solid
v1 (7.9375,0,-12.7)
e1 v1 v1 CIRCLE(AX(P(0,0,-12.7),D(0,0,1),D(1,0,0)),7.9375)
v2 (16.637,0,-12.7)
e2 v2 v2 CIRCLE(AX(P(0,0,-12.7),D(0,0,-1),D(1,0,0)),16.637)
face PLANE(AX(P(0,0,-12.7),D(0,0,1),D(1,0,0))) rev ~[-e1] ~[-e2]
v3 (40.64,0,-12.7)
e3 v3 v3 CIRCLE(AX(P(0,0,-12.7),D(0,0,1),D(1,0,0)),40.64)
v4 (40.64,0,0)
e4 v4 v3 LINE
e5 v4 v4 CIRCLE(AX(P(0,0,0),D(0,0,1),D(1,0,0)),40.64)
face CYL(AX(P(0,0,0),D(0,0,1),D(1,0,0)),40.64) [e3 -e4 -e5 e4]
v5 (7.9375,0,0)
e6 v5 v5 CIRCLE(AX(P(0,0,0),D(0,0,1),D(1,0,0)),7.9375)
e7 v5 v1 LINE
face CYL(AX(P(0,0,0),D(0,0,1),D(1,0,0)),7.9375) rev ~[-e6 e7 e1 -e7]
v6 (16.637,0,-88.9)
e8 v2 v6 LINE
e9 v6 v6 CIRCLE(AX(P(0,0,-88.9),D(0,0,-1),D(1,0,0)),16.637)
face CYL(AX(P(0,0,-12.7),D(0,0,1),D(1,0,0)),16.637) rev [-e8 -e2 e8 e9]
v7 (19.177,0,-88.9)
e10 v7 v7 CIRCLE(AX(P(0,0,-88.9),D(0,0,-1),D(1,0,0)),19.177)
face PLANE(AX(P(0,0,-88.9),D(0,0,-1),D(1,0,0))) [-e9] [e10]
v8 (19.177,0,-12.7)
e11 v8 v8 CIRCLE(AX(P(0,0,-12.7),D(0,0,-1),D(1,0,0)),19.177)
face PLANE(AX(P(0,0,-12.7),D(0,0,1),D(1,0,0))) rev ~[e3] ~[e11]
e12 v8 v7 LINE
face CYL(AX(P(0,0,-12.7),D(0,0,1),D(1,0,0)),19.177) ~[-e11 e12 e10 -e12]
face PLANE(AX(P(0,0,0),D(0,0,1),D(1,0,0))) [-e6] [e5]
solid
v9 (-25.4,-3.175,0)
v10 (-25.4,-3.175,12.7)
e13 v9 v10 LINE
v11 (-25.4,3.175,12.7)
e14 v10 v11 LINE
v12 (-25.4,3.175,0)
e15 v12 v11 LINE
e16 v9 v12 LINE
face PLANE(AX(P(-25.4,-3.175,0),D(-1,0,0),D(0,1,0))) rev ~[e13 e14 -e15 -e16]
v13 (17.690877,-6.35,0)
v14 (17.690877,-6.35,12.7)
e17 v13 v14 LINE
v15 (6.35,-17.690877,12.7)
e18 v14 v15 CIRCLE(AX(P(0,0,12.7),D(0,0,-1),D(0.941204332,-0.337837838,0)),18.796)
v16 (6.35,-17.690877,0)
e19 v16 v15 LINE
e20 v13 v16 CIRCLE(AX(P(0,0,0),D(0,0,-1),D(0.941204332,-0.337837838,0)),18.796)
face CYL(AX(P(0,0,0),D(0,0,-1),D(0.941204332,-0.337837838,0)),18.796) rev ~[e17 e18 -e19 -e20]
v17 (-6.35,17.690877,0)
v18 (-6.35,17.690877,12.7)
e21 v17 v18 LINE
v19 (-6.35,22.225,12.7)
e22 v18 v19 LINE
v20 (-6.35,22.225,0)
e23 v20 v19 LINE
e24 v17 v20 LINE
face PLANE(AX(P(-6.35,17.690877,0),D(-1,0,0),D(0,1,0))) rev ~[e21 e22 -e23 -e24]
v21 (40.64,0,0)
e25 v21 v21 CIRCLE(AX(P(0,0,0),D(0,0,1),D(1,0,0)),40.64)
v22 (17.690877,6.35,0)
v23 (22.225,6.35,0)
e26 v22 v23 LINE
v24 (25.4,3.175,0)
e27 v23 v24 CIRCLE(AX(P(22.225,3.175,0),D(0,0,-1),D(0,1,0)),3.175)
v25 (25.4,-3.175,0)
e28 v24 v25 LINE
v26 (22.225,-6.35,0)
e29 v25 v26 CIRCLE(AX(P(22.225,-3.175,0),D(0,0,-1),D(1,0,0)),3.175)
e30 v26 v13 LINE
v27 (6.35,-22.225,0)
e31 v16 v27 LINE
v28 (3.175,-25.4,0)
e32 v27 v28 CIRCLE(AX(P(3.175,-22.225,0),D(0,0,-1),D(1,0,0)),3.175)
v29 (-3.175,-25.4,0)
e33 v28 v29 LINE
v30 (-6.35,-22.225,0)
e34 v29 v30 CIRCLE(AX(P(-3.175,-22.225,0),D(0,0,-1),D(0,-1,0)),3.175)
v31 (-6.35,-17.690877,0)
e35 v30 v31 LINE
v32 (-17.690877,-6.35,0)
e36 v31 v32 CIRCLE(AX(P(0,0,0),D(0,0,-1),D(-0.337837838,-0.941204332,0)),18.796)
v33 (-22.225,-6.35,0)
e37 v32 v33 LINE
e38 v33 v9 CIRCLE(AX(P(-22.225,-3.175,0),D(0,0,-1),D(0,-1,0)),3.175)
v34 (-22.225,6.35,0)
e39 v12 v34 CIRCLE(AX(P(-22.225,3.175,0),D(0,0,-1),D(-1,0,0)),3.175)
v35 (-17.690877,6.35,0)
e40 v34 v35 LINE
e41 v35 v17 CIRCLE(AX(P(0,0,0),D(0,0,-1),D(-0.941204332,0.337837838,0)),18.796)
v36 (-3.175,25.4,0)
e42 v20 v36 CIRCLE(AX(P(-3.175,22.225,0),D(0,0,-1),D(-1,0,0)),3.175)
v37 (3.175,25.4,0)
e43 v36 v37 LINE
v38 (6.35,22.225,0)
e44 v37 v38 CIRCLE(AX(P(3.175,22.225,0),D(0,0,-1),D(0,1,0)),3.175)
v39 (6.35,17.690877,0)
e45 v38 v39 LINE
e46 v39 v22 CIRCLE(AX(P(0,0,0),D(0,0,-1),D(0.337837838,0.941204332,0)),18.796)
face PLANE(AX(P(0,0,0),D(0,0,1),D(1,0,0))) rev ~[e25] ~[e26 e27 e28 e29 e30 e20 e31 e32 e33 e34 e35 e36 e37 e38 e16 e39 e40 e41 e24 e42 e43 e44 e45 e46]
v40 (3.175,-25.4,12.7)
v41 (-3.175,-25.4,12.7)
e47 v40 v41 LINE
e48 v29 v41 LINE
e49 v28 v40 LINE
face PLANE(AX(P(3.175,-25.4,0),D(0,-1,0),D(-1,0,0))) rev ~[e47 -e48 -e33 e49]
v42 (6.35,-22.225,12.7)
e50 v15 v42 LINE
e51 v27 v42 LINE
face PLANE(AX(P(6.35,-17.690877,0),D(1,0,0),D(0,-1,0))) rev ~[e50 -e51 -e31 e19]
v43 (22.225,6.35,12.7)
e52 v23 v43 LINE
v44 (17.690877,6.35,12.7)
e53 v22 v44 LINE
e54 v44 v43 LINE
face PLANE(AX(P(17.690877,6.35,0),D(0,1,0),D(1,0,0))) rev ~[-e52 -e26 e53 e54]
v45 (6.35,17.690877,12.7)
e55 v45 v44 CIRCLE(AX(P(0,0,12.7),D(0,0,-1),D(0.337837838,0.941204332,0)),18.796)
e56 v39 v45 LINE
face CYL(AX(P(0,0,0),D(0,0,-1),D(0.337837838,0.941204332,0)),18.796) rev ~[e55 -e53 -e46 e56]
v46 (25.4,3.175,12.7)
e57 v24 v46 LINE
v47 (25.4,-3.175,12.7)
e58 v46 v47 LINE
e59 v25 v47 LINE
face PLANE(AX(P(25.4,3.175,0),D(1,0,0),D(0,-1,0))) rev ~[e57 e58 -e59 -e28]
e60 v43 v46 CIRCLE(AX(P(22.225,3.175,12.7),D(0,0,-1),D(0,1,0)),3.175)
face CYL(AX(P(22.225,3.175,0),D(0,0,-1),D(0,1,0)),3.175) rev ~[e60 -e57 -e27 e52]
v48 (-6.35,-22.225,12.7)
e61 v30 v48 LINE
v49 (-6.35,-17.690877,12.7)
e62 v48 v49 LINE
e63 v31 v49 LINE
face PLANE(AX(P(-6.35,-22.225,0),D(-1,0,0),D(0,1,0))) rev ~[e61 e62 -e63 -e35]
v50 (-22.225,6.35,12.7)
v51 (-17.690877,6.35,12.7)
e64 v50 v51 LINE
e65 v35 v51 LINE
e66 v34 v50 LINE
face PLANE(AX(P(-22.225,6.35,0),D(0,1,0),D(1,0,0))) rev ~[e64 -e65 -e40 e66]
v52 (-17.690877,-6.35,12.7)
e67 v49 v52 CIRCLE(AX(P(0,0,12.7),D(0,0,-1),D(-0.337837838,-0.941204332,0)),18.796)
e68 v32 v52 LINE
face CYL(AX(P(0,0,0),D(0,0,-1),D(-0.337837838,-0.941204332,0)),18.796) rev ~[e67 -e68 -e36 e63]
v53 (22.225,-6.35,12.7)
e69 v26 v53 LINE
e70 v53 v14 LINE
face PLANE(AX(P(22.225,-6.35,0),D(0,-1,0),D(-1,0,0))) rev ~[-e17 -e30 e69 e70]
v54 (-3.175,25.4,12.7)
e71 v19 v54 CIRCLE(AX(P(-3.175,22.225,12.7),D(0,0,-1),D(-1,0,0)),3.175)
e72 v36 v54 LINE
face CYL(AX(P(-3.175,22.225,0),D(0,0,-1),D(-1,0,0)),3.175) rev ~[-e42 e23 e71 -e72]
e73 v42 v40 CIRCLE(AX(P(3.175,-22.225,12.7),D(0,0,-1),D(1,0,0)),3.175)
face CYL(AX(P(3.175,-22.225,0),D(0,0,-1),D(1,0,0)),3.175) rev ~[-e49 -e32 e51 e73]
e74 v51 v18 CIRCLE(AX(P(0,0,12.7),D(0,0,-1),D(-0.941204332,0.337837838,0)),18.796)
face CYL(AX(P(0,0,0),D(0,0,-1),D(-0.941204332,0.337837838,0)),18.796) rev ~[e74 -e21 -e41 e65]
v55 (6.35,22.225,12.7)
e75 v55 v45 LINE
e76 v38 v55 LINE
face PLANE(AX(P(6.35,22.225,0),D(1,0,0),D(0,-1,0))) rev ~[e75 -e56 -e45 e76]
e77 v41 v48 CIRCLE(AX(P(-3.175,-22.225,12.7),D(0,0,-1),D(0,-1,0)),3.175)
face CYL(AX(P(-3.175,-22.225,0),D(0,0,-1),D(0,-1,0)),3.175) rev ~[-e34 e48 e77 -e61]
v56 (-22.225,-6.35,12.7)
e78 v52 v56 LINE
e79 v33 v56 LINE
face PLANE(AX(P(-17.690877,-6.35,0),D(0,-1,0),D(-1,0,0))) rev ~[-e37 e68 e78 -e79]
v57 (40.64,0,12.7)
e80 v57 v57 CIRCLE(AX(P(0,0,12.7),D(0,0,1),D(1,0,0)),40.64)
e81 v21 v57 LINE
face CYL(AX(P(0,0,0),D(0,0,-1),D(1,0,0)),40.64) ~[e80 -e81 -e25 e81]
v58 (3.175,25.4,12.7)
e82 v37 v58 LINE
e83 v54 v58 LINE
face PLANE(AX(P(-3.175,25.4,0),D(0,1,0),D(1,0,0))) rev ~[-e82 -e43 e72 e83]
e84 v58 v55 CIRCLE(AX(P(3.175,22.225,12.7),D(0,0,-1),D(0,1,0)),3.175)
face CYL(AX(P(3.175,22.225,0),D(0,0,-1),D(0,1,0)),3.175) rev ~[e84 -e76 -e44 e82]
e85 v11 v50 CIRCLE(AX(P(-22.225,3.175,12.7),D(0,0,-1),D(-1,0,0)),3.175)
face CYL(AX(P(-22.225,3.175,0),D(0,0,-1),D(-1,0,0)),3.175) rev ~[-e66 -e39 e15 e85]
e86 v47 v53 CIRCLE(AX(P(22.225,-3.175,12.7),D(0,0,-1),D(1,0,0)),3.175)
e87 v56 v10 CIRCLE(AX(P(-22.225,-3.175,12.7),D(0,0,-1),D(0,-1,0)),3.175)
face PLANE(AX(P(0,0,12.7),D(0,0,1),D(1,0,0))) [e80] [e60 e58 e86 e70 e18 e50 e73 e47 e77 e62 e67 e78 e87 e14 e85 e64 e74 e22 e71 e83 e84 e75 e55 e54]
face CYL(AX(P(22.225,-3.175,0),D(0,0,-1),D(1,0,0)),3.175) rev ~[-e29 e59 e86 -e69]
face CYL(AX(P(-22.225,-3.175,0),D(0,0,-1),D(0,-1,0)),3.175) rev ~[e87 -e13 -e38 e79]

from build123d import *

# Parameters (mm, degrees)
F0_R     = 40.64
F1_DEPTH = 12.7
F0_R_2   = 7.9375
F2_DEPTH = 12.7
F3_R     = 19.177
F3_R_2   = 16.637
F4_DEPTH = 76.2


with BuildPart() as f1:
    # F0 (on Top) → F1 (new body)
    with BuildSketch(Plane.XY):
        Circle(F0_R)
        with BuildLine():
            ThreePointArc((6.35, 17.6908766318), (13.2907790592, 13.2907790592), (17.6908766318, 6.35))
            Line((17.6908766318, 6.35), (22.225, 6.35))
            ThreePointArc((22.225, 6.35), (24.4700640303, 5.4200640303), (25.4, 3.175))
            Line((25.4, 3.175), (25.4, -3.175))
            ThreePointArc((25.4, -3.175), (24.4700640303, -5.4200640303), (22.225, -6.35))
            Line((22.225, -6.35), (17.6908766318, -6.35))
            ThreePointArc((17.6908766318, -6.35), (13.2907790592, -13.2907790592), (6.35, -17.6908766318))
            Line((6.35, -17.6908766318), (6.35, -22.225))
            ThreePointArc((6.35, -22.225), (5.4200640303, -24.4700640303), (3.175, -25.4))
            Line((3.175, -25.4), (-3.175, -25.4))
            ThreePointArc((-3.175, -25.4), (-5.4200640303, -24.4700640303), (-6.35, -22.225))
            Line((-6.35, -22.225), (-6.35, -17.6908766318))
            ThreePointArc((-6.35, -17.6908766318), (-13.2907790592, -13.2907790592), (-17.6908766318, -6.35))
            Line((-17.6908766318, -6.35), (-22.225, -6.35))
            ThreePointArc((-22.225, -6.35), (-24.4700640303, -5.4200640303), (-25.4, -3.175))
            Line((-25.4, -3.175), (-25.4, 3.175))
            ThreePointArc((-25.4, 3.175), (-24.4700640303, 5.4200640303), (-22.225, 6.35))
            Line((-22.225, 6.35), (-17.6908766318, 6.35))
            ThreePointArc((-17.6908766318, 6.35), (-13.2907790592, 13.2907790592), (-6.35, 17.6908766318))
            Line((-6.35, 17.6908766318), (-6.35, 22.225))
            ThreePointArc((-6.35, 22.225), (-5.4200640303, 24.4700640303), (-3.175, 25.4))
            Line((-3.175, 25.4), (3.175, 25.4))
            ThreePointArc((3.175, 25.4), (5.4200640303, 24.4700640303), (6.35, 22.225))
            Line((6.35, 22.225), (6.35, 17.6908766318))
        make_face(mode=Mode.SUBTRACT)
    extrude(amount=F1_DEPTH)


with BuildPart() as f2:
    # F0 (on Top) → F2 (new body)
    with BuildSketch(Plane.XY):
        Circle(F0_R)
        with BuildLine():
            ThreePointArc((6.35, 17.6908766318), (13.2907790592, 13.2907790592), (17.6908766318, 6.35))
            Line((17.6908766318, 6.35), (22.225, 6.35))
            ThreePointArc((22.225, 6.35), (24.4700640303, 5.4200640303), (25.4, 3.175))
            Line((25.4, 3.175), (25.4, -3.175))
            ThreePointArc((25.4, -3.175), (24.4700640303, -5.4200640303), (22.225, -6.35))
            Line((22.225, -6.35), (17.6908766318, -6.35))
            ThreePointArc((17.6908766318, -6.35), (13.2907790592, -13.2907790592), (6.35, -17.6908766318))
            Line((6.35, -17.6908766318), (6.35, -22.225))
            ThreePointArc((6.35, -22.225), (5.4200640303, -24.4700640303), (3.175, -25.4))
            Line((3.175, -25.4), (-3.175, -25.4))
            ThreePointArc((-3.175, -25.4), (-5.4200640303, -24.4700640303), (-6.35, -22.225))
            Line((-6.35, -22.225), (-6.35, -17.6908766318))
            ThreePointArc((-6.35, -17.6908766318), (-13.2907790592, -13.2907790592), (-17.6908766318, -6.35))
            Line((-17.6908766318, -6.35), (-22.225, -6.35))
            ThreePointArc((-22.225, -6.35), (-24.4700640303, -5.4200640303), (-25.4, -3.175))
            Line((-25.4, -3.175), (-25.4, 3.175))
            ThreePointArc((-25.4, 3.175), (-24.4700640303, 5.4200640303), (-22.225, 6.35))
            Line((-22.225, 6.35), (-17.6908766318, 6.35))
            ThreePointArc((-17.6908766318, 6.35), (-13.2907790592, 13.2907790592), (-6.35, 17.6908766318))
            Line((-6.35, 17.6908766318), (-6.35, 22.225))
            ThreePointArc((-6.35, 22.225), (-5.4200640303, 24.4700640303), (-3.175, 25.4))
            Line((-3.175, 25.4), (3.175, 25.4))
            ThreePointArc((3.175, 25.4), (5.4200640303, 24.4700640303), (6.35, 22.225))
            Line((6.35, 22.225), (6.35, 17.6908766318))
        make_face(mode=Mode.SUBTRACT)
        with BuildLine():
            ThreePointArc((17.6908766318, -6.35), (18.5176582371, -3.2227239123), (18.796, 0))
            ThreePointArc((18.796, 0), (18.5176582371, 3.2227239123), (17.6908766318, 6.35))
            ThreePointArc((17.6908766318, 6.35), (13.2907790592, 13.2907790592), (6.35, 17.6908766318))
            ThreePointArc((6.35, 17.6908766318), (0, 18.796), (-6.35, 17.6908766318))
            ThreePointArc((-6.35, 17.6908766318), (-13.2907790592, 13.2907790592), (-17.6908766318, 6.35))
            ThreePointArc((-17.6908766318, 6.35), (-18.796, 0), (-17.6908766318, -6.35))
            ThreePointArc((-17.6908766318, -6.35), (-13.2907790592, -13.2907790592), (-6.35, -17.6908766318))
            ThreePointArc((-6.35, -17.6908766318), (0, -18.796), (6.35, -17.6908766318))
            ThreePointArc((6.35, -17.6908766318), (13.2907790592, -13.2907790592), (17.6908766318, -6.35))
        make_face()
        Circle(F0_R_2, mode=Mode.SUBTRACT)
        with BuildLine():
            ThreePointArc((-17.6908766318, -6.35), (-18.796, 0), (-17.6908766318, 6.35))
            Line((-17.6908766318, 6.35), (-22.225, 6.35))
            ThreePointArc((-22.225, 6.35), (-24.4700640303, 5.4200640303), (-25.4, 3.175))
            Line((-25.4, 3.175), (-25.4, -3.175))
            ThreePointArc((-25.4, -3.175), (-24.4700640303, -5.4200640303), (-22.225, -6.35))
            Line((-22.225, -6.35), (-17.6908766318, -6.35))
        make_face()
        with BuildLine():
            ThreePointArc((17.6908766318, 6.35), (18.5176582371, 3.2227239123), (18.796, 0))
            ThreePointArc((18.796, 0), (18.5176582371, -3.2227239123), (17.6908766318, -6.35))
            Line((17.6908766318, -6.35), (22.225, -6.35))
            ThreePointArc((22.225, -6.35), (24.4700640303, -5.4200640303), (25.4, -3.175))
            Line((25.4, -3.175), (25.4, 3.175))
            ThreePointArc((25.4, 3.175), (24.4700640303, 5.4200640303), (22.225, 6.35))
            Line((22.225, 6.35), (17.6908766318, 6.35))
        make_face()
        with BuildLine():
            Line((6.35, -22.225), (6.35, -17.6908766318))
            ThreePointArc((6.35, -17.6908766318), (0, -18.796), (-6.35, -17.6908766318))
            Line((-6.35, -17.6908766318), (-6.35, -22.225))
            ThreePointArc((-6.35, -22.225), (-5.4200640303, -24.4700640303), (-3.175, -25.4))
            Line((-3.175, -25.4), (3.175, -25.4))
            ThreePointArc((3.175, -25.4), (5.4200640303, -24.4700640303), (6.35, -22.225))
        make_face()
        with BuildLine():
            ThreePointArc((-6.35, 17.6908766318), (0, 18.796), (6.35, 17.6908766318))
            Line((6.35, 17.6908766318), (6.35, 22.225))
            ThreePointArc((6.35, 22.225), (5.4200640303, 24.4700640303), (3.175, 25.4))
            Line((3.175, 25.4), (-3.175, 25.4))
            ThreePointArc((-3.175, 25.4), (-5.4200640303, 24.4700640303), (-6.35, 22.225))
            Line((-6.35, 22.225), (-6.35, 17.6908766318))
        make_face()
    extrude(amount=-F2_DEPTH)

    # F3 (on face) → F4 (join)
    with BuildSketch(Plane(origin=(0, 0, -12.7), x_dir=(1, 0, 0), z_dir=(0, 0, -1))):
        Circle(F3_R)
        Circle(F3_R_2, mode=Mode.SUBTRACT)
    extrude(amount=F4_DEPTH)


solid = Compound([f1.part, f2.part])
